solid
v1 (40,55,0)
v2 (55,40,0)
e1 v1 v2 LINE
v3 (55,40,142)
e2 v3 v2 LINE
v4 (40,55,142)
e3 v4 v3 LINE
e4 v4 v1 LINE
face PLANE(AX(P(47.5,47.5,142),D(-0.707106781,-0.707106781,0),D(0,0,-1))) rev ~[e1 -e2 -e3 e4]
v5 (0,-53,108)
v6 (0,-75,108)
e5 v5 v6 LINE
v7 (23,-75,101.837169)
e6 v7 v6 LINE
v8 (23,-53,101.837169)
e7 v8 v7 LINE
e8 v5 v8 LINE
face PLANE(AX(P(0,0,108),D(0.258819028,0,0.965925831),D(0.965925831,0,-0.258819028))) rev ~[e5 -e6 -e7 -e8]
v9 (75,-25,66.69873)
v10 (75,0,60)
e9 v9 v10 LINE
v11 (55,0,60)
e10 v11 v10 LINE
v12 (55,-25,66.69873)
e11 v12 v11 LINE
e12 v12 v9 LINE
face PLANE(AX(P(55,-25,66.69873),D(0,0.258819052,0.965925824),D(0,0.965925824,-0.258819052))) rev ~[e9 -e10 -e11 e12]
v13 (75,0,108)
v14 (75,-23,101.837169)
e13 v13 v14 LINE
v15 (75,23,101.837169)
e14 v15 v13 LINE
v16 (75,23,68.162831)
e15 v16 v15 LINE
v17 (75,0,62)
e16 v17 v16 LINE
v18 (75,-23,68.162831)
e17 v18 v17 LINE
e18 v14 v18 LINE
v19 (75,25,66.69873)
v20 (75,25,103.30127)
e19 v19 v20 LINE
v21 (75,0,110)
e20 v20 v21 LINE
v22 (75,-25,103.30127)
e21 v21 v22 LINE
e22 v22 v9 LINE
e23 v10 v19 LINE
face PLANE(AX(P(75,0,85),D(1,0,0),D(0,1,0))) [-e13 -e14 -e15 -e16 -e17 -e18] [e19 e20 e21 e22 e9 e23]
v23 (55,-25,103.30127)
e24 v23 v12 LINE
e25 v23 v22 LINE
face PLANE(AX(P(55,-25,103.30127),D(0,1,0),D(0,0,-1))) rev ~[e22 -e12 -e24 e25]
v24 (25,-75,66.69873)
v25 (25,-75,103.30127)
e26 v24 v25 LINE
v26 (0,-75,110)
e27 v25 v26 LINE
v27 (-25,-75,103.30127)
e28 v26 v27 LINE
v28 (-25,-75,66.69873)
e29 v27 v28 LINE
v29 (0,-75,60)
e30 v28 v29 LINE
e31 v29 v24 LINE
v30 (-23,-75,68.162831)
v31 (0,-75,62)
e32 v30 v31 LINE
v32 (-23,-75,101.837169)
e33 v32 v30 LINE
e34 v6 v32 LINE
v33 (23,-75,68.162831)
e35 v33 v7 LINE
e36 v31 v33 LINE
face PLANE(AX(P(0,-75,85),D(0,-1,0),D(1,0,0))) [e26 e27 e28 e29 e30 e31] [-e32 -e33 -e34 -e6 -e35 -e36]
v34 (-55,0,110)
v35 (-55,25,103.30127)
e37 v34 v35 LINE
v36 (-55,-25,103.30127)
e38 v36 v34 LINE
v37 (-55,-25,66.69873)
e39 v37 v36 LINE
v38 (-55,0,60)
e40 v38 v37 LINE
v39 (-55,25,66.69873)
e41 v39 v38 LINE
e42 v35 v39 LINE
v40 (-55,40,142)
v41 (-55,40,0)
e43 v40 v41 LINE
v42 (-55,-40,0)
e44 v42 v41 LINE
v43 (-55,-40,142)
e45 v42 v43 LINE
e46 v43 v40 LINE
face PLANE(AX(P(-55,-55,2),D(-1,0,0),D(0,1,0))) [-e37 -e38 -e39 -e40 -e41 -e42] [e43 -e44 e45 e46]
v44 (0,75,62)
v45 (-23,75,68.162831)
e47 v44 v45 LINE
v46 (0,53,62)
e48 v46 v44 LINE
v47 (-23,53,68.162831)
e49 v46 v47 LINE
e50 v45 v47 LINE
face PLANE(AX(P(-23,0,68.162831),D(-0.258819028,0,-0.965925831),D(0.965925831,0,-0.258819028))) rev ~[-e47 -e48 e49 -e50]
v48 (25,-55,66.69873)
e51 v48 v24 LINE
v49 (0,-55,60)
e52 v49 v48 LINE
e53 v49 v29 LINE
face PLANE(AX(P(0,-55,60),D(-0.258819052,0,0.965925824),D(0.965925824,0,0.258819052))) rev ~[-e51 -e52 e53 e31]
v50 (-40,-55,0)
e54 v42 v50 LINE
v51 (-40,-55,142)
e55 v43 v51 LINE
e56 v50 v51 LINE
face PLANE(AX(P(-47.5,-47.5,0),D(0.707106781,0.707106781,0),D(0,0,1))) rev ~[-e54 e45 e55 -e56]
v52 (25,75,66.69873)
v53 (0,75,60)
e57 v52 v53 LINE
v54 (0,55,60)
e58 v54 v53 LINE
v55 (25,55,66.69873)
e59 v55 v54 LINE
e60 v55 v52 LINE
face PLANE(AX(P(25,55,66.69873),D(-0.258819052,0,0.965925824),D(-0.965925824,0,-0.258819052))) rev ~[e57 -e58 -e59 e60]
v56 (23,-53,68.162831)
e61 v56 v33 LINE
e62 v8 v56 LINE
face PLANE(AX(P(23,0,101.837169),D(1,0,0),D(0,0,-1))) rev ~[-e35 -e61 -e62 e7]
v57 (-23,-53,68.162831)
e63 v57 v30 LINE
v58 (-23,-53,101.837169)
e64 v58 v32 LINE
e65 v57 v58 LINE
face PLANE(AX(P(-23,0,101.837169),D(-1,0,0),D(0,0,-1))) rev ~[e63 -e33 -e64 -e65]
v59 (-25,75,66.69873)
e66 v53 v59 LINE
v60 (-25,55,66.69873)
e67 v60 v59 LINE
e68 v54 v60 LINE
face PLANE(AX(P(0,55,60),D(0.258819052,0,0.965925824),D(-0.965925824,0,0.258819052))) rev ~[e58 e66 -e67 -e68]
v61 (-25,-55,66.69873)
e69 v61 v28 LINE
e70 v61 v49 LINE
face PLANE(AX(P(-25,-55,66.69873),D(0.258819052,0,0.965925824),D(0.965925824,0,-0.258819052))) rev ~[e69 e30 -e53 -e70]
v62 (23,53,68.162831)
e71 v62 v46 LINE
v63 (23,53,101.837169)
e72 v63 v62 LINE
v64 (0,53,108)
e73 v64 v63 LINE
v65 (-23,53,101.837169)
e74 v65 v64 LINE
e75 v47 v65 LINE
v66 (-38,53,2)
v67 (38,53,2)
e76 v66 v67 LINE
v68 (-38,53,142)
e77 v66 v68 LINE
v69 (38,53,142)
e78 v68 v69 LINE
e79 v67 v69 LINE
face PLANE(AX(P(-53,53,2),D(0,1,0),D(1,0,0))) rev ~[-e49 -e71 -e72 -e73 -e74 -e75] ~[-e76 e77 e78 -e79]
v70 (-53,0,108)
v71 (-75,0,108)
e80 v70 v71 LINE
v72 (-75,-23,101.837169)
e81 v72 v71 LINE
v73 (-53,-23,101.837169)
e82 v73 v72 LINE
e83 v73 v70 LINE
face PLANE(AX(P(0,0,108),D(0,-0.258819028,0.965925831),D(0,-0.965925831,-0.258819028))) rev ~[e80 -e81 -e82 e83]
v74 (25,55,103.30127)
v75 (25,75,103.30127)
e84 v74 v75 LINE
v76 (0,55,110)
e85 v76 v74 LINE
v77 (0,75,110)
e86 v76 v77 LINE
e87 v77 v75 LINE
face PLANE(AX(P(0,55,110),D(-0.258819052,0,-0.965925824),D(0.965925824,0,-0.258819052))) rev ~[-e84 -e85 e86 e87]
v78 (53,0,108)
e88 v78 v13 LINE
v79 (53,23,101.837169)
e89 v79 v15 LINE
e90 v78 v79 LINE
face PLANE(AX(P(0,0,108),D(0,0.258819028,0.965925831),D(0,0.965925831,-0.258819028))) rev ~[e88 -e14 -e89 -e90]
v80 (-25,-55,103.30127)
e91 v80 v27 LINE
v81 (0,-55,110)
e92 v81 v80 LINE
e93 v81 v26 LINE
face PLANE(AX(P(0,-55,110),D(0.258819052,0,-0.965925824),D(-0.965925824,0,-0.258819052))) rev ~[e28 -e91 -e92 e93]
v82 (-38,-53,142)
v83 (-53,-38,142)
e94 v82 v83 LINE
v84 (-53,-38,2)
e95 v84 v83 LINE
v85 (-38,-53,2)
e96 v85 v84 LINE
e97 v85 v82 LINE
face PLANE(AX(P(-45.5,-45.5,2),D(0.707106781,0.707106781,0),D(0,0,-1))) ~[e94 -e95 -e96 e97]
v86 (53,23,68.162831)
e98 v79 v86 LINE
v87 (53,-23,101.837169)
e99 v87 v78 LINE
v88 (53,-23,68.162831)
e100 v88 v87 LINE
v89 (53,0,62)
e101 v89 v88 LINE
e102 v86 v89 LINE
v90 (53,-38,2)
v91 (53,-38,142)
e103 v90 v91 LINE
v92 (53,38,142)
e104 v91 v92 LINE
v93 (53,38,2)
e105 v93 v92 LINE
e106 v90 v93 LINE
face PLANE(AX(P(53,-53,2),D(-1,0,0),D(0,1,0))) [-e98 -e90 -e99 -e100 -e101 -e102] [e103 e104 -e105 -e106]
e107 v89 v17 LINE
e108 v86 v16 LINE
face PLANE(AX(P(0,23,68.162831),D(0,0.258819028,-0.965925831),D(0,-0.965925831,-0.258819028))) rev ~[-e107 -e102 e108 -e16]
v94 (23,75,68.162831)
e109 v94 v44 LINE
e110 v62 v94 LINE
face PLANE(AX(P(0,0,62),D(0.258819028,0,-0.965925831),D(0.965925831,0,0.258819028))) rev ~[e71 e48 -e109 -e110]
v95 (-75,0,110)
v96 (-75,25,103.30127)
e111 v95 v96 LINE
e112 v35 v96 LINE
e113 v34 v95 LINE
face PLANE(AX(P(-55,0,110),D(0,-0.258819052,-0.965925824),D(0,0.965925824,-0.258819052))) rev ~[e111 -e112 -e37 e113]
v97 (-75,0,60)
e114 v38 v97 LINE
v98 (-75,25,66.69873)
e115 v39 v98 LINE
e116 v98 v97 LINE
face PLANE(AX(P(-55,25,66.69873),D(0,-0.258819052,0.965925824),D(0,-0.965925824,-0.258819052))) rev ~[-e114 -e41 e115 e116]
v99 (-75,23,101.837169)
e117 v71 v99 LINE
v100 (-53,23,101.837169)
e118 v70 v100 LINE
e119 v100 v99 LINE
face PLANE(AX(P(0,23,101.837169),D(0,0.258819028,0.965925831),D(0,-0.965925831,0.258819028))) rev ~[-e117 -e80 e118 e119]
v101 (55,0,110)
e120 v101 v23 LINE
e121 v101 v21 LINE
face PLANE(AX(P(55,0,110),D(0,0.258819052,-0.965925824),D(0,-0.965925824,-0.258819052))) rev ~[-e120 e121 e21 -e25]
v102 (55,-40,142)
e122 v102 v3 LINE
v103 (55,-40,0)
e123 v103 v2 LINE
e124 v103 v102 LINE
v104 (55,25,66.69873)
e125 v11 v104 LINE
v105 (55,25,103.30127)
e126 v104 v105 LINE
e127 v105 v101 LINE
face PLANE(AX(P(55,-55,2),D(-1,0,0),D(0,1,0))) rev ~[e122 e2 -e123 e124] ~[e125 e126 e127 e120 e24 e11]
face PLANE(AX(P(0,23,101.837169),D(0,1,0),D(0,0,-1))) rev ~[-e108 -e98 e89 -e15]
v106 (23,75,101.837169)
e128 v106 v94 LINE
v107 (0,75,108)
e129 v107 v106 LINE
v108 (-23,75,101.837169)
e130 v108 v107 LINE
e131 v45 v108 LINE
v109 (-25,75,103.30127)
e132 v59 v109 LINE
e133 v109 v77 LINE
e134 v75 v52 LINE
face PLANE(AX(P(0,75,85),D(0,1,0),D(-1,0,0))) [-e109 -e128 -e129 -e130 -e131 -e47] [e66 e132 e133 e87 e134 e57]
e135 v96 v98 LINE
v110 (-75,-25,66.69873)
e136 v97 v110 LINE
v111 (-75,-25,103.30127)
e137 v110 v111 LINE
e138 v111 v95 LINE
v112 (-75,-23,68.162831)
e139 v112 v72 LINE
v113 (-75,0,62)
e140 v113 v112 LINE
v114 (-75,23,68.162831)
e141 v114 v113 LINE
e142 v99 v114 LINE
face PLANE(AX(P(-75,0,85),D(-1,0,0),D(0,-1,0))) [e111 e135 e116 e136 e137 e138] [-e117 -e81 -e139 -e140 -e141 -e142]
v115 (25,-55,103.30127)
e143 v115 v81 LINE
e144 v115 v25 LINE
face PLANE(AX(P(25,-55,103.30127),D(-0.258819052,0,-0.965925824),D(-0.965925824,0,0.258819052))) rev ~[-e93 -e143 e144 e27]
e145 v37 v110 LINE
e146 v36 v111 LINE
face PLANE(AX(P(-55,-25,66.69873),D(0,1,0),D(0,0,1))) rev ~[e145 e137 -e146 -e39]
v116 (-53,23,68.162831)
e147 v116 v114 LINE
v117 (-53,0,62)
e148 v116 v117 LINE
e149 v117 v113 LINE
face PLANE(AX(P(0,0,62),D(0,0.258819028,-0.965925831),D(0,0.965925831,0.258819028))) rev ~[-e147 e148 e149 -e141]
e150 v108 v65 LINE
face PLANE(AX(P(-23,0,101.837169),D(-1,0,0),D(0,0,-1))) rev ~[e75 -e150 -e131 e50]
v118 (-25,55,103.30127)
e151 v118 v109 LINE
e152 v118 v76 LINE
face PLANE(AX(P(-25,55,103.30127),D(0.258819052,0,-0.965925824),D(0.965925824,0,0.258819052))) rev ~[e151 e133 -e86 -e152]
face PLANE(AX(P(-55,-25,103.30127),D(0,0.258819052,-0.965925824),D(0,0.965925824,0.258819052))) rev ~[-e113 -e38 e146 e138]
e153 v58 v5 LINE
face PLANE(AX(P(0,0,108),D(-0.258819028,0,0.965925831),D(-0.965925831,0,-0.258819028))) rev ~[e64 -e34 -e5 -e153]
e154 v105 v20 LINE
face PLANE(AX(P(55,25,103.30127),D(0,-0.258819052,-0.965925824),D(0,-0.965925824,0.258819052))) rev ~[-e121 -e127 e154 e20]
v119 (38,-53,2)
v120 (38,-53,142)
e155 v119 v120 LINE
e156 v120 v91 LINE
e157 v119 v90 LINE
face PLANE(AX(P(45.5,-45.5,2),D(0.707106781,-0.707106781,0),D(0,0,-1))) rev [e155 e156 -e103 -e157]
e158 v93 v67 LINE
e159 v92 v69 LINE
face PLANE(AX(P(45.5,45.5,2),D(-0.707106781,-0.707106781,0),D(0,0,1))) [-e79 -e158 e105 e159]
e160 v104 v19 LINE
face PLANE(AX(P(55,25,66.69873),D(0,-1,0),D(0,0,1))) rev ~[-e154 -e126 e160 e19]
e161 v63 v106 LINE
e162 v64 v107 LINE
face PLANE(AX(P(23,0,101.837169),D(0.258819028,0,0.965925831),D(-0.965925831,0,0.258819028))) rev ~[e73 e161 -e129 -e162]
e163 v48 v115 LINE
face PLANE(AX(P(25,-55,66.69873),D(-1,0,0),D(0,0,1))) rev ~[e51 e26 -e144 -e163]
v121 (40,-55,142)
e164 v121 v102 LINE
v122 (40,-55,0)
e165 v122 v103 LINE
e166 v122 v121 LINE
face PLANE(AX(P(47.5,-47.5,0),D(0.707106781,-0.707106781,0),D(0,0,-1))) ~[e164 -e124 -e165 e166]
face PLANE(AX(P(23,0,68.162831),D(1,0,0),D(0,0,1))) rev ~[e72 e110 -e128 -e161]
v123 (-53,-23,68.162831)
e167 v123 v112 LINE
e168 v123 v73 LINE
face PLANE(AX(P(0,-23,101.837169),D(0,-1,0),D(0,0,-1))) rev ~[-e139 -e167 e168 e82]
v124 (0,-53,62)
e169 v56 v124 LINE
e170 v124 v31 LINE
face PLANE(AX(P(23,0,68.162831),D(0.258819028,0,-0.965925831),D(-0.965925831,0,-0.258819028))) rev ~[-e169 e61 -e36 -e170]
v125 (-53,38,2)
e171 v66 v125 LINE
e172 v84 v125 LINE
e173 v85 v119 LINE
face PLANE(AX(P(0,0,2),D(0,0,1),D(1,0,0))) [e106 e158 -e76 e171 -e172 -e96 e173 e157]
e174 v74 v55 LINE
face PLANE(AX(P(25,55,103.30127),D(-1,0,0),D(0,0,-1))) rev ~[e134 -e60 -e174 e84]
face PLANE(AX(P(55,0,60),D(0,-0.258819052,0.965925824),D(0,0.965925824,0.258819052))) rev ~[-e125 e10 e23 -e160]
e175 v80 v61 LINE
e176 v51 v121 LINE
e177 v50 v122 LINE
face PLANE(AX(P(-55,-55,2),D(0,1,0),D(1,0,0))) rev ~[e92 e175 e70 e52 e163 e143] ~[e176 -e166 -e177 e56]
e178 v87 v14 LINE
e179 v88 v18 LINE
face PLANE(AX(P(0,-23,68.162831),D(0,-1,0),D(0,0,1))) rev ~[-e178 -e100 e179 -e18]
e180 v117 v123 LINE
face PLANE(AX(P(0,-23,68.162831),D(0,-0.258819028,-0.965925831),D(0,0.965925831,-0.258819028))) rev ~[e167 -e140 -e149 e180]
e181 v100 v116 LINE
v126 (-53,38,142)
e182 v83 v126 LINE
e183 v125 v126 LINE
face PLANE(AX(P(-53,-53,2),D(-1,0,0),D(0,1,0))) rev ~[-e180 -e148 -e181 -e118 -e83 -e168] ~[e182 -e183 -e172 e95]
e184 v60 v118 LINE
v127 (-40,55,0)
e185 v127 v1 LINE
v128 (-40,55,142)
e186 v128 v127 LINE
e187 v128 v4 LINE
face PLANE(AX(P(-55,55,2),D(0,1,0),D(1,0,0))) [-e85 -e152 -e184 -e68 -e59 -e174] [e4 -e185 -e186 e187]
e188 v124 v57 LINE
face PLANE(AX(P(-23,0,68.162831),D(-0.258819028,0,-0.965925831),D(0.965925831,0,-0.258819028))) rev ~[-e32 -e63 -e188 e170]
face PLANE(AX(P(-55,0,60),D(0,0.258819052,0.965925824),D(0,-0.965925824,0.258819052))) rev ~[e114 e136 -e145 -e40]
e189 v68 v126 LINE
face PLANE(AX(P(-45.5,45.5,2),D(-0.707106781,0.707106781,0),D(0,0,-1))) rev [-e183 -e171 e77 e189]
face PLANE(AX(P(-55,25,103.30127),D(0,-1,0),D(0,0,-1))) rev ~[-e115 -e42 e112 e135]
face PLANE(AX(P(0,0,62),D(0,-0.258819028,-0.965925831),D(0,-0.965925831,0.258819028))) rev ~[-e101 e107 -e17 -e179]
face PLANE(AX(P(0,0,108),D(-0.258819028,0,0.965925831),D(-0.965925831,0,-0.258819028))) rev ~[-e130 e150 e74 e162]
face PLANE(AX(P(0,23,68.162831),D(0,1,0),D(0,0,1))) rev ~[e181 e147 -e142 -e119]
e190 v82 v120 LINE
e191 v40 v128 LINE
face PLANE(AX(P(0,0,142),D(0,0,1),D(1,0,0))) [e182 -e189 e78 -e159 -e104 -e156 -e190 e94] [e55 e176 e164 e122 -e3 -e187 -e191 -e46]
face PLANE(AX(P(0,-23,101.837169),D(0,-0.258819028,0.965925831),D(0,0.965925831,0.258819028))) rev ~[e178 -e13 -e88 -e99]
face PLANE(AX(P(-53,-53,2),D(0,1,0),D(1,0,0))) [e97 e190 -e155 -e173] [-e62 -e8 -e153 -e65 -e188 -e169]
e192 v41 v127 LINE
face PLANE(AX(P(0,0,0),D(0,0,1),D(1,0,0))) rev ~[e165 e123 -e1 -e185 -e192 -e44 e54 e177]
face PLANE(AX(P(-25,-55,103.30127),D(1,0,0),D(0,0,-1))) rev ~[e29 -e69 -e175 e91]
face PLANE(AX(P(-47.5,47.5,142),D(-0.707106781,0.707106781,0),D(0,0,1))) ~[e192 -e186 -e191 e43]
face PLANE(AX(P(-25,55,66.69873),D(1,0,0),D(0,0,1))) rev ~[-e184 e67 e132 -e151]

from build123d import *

# Parameters (mm, degrees)
PAD002_DEPTH          = 100
POLARPATTERN001_COUNT = 4
SKETCH_W              = 110
SKETCH_H              = 110
PAD_DEPTH             = 2
SKETCH001_W           = 110
SKETCH001_H           = 110
SKETCH001_W_2         = 106
SKETCH001_H_2         = 106
PAD001_DEPTH          = 140
PAD003_DEPTH          = 20
POLARPATTERN_COUNT    = 4
CHAMFER_SIZE          = 15


with BuildPart() as body001:
    # Sketch003 → Pad002 (new body)
    with BuildSketch(Plane.XZ):
        Polygon((-23, 68.162831), (-23, 101.837169), (0, 108), (23, 101.837169), (23, 68.162831), (0, 62), align=None)
    pad002 = extrude(amount=PAD002_DEPTH)

    # PolarPattern001: Pad002 ×4 about axis
    polarpattern001_axis = Axis((0, 0, 0), (0, 0, 1))
    for i in range(1, POLARPATTERN001_COUNT):
        add(pad002.rotate(polarpattern001_axis, i * 360 / POLARPATTERN001_COUNT))


with BuildPart() as chamfer_body:
    # Sketch → Pad (new body)
    with BuildSketch(Plane.XY):
        Rectangle(SKETCH_W, SKETCH_H)
    extrude(amount=PAD_DEPTH)

    # Sketch001 (on Face6 of Pad) → Pad001 (join)
    with BuildSketch(Plane.XY.offset(2)):
        Rectangle(SKETCH001_W, SKETCH001_H)
        Rectangle(SKETCH001_W_2, SKETCH001_H_2, mode=Mode.SUBTRACT)
    extrude(amount=PAD001_DEPTH)

    # Sketch002 (on Face10 of Pad001) → Pad003 (join)
    with BuildSketch(Plane.XZ.offset(55)):
        Polygon((-25, 66.69873), (0, 60), (25, 66.69873), (25, 103.30127), (0, 110), (-25, 103.30127), align=None)
    pad003 = extrude(amount=PAD003_DEPTH)

    # PolarPattern: Pad003 ×4 about axis
    polarpattern_axis = Axis((0, 0, 0), (0, 0, 1))
    for i in range(1, POLARPATTERN_COUNT):
        add(pad003.rotate(polarpattern_axis, i * 360 / POLARPATTERN_COUNT))

    # Cut: cut Body001
    add(body001.part, mode=Mode.SUBTRACT)

    # Chamfer
    chamfer_edges = [chamfer_body.edges().sort_by_distance(p)[0] for p in [
        (-55, 55, 1),
        (55, 55, 1),
        (-55, -55, 1),
        (55, -55, 1),
        (-55, 55, 72),
        (55, 55, 72),
        (-55, -55, 72),
        (55, -55, 72),
        (-53, 53, 72),
        (53, 53, 72),
        (53, -53, 72),
        (-53, -53, 72),
    ]]
    chamfer(chamfer_edges, length=CHAMFER_SIZE)


solid = chamfer_body.part
